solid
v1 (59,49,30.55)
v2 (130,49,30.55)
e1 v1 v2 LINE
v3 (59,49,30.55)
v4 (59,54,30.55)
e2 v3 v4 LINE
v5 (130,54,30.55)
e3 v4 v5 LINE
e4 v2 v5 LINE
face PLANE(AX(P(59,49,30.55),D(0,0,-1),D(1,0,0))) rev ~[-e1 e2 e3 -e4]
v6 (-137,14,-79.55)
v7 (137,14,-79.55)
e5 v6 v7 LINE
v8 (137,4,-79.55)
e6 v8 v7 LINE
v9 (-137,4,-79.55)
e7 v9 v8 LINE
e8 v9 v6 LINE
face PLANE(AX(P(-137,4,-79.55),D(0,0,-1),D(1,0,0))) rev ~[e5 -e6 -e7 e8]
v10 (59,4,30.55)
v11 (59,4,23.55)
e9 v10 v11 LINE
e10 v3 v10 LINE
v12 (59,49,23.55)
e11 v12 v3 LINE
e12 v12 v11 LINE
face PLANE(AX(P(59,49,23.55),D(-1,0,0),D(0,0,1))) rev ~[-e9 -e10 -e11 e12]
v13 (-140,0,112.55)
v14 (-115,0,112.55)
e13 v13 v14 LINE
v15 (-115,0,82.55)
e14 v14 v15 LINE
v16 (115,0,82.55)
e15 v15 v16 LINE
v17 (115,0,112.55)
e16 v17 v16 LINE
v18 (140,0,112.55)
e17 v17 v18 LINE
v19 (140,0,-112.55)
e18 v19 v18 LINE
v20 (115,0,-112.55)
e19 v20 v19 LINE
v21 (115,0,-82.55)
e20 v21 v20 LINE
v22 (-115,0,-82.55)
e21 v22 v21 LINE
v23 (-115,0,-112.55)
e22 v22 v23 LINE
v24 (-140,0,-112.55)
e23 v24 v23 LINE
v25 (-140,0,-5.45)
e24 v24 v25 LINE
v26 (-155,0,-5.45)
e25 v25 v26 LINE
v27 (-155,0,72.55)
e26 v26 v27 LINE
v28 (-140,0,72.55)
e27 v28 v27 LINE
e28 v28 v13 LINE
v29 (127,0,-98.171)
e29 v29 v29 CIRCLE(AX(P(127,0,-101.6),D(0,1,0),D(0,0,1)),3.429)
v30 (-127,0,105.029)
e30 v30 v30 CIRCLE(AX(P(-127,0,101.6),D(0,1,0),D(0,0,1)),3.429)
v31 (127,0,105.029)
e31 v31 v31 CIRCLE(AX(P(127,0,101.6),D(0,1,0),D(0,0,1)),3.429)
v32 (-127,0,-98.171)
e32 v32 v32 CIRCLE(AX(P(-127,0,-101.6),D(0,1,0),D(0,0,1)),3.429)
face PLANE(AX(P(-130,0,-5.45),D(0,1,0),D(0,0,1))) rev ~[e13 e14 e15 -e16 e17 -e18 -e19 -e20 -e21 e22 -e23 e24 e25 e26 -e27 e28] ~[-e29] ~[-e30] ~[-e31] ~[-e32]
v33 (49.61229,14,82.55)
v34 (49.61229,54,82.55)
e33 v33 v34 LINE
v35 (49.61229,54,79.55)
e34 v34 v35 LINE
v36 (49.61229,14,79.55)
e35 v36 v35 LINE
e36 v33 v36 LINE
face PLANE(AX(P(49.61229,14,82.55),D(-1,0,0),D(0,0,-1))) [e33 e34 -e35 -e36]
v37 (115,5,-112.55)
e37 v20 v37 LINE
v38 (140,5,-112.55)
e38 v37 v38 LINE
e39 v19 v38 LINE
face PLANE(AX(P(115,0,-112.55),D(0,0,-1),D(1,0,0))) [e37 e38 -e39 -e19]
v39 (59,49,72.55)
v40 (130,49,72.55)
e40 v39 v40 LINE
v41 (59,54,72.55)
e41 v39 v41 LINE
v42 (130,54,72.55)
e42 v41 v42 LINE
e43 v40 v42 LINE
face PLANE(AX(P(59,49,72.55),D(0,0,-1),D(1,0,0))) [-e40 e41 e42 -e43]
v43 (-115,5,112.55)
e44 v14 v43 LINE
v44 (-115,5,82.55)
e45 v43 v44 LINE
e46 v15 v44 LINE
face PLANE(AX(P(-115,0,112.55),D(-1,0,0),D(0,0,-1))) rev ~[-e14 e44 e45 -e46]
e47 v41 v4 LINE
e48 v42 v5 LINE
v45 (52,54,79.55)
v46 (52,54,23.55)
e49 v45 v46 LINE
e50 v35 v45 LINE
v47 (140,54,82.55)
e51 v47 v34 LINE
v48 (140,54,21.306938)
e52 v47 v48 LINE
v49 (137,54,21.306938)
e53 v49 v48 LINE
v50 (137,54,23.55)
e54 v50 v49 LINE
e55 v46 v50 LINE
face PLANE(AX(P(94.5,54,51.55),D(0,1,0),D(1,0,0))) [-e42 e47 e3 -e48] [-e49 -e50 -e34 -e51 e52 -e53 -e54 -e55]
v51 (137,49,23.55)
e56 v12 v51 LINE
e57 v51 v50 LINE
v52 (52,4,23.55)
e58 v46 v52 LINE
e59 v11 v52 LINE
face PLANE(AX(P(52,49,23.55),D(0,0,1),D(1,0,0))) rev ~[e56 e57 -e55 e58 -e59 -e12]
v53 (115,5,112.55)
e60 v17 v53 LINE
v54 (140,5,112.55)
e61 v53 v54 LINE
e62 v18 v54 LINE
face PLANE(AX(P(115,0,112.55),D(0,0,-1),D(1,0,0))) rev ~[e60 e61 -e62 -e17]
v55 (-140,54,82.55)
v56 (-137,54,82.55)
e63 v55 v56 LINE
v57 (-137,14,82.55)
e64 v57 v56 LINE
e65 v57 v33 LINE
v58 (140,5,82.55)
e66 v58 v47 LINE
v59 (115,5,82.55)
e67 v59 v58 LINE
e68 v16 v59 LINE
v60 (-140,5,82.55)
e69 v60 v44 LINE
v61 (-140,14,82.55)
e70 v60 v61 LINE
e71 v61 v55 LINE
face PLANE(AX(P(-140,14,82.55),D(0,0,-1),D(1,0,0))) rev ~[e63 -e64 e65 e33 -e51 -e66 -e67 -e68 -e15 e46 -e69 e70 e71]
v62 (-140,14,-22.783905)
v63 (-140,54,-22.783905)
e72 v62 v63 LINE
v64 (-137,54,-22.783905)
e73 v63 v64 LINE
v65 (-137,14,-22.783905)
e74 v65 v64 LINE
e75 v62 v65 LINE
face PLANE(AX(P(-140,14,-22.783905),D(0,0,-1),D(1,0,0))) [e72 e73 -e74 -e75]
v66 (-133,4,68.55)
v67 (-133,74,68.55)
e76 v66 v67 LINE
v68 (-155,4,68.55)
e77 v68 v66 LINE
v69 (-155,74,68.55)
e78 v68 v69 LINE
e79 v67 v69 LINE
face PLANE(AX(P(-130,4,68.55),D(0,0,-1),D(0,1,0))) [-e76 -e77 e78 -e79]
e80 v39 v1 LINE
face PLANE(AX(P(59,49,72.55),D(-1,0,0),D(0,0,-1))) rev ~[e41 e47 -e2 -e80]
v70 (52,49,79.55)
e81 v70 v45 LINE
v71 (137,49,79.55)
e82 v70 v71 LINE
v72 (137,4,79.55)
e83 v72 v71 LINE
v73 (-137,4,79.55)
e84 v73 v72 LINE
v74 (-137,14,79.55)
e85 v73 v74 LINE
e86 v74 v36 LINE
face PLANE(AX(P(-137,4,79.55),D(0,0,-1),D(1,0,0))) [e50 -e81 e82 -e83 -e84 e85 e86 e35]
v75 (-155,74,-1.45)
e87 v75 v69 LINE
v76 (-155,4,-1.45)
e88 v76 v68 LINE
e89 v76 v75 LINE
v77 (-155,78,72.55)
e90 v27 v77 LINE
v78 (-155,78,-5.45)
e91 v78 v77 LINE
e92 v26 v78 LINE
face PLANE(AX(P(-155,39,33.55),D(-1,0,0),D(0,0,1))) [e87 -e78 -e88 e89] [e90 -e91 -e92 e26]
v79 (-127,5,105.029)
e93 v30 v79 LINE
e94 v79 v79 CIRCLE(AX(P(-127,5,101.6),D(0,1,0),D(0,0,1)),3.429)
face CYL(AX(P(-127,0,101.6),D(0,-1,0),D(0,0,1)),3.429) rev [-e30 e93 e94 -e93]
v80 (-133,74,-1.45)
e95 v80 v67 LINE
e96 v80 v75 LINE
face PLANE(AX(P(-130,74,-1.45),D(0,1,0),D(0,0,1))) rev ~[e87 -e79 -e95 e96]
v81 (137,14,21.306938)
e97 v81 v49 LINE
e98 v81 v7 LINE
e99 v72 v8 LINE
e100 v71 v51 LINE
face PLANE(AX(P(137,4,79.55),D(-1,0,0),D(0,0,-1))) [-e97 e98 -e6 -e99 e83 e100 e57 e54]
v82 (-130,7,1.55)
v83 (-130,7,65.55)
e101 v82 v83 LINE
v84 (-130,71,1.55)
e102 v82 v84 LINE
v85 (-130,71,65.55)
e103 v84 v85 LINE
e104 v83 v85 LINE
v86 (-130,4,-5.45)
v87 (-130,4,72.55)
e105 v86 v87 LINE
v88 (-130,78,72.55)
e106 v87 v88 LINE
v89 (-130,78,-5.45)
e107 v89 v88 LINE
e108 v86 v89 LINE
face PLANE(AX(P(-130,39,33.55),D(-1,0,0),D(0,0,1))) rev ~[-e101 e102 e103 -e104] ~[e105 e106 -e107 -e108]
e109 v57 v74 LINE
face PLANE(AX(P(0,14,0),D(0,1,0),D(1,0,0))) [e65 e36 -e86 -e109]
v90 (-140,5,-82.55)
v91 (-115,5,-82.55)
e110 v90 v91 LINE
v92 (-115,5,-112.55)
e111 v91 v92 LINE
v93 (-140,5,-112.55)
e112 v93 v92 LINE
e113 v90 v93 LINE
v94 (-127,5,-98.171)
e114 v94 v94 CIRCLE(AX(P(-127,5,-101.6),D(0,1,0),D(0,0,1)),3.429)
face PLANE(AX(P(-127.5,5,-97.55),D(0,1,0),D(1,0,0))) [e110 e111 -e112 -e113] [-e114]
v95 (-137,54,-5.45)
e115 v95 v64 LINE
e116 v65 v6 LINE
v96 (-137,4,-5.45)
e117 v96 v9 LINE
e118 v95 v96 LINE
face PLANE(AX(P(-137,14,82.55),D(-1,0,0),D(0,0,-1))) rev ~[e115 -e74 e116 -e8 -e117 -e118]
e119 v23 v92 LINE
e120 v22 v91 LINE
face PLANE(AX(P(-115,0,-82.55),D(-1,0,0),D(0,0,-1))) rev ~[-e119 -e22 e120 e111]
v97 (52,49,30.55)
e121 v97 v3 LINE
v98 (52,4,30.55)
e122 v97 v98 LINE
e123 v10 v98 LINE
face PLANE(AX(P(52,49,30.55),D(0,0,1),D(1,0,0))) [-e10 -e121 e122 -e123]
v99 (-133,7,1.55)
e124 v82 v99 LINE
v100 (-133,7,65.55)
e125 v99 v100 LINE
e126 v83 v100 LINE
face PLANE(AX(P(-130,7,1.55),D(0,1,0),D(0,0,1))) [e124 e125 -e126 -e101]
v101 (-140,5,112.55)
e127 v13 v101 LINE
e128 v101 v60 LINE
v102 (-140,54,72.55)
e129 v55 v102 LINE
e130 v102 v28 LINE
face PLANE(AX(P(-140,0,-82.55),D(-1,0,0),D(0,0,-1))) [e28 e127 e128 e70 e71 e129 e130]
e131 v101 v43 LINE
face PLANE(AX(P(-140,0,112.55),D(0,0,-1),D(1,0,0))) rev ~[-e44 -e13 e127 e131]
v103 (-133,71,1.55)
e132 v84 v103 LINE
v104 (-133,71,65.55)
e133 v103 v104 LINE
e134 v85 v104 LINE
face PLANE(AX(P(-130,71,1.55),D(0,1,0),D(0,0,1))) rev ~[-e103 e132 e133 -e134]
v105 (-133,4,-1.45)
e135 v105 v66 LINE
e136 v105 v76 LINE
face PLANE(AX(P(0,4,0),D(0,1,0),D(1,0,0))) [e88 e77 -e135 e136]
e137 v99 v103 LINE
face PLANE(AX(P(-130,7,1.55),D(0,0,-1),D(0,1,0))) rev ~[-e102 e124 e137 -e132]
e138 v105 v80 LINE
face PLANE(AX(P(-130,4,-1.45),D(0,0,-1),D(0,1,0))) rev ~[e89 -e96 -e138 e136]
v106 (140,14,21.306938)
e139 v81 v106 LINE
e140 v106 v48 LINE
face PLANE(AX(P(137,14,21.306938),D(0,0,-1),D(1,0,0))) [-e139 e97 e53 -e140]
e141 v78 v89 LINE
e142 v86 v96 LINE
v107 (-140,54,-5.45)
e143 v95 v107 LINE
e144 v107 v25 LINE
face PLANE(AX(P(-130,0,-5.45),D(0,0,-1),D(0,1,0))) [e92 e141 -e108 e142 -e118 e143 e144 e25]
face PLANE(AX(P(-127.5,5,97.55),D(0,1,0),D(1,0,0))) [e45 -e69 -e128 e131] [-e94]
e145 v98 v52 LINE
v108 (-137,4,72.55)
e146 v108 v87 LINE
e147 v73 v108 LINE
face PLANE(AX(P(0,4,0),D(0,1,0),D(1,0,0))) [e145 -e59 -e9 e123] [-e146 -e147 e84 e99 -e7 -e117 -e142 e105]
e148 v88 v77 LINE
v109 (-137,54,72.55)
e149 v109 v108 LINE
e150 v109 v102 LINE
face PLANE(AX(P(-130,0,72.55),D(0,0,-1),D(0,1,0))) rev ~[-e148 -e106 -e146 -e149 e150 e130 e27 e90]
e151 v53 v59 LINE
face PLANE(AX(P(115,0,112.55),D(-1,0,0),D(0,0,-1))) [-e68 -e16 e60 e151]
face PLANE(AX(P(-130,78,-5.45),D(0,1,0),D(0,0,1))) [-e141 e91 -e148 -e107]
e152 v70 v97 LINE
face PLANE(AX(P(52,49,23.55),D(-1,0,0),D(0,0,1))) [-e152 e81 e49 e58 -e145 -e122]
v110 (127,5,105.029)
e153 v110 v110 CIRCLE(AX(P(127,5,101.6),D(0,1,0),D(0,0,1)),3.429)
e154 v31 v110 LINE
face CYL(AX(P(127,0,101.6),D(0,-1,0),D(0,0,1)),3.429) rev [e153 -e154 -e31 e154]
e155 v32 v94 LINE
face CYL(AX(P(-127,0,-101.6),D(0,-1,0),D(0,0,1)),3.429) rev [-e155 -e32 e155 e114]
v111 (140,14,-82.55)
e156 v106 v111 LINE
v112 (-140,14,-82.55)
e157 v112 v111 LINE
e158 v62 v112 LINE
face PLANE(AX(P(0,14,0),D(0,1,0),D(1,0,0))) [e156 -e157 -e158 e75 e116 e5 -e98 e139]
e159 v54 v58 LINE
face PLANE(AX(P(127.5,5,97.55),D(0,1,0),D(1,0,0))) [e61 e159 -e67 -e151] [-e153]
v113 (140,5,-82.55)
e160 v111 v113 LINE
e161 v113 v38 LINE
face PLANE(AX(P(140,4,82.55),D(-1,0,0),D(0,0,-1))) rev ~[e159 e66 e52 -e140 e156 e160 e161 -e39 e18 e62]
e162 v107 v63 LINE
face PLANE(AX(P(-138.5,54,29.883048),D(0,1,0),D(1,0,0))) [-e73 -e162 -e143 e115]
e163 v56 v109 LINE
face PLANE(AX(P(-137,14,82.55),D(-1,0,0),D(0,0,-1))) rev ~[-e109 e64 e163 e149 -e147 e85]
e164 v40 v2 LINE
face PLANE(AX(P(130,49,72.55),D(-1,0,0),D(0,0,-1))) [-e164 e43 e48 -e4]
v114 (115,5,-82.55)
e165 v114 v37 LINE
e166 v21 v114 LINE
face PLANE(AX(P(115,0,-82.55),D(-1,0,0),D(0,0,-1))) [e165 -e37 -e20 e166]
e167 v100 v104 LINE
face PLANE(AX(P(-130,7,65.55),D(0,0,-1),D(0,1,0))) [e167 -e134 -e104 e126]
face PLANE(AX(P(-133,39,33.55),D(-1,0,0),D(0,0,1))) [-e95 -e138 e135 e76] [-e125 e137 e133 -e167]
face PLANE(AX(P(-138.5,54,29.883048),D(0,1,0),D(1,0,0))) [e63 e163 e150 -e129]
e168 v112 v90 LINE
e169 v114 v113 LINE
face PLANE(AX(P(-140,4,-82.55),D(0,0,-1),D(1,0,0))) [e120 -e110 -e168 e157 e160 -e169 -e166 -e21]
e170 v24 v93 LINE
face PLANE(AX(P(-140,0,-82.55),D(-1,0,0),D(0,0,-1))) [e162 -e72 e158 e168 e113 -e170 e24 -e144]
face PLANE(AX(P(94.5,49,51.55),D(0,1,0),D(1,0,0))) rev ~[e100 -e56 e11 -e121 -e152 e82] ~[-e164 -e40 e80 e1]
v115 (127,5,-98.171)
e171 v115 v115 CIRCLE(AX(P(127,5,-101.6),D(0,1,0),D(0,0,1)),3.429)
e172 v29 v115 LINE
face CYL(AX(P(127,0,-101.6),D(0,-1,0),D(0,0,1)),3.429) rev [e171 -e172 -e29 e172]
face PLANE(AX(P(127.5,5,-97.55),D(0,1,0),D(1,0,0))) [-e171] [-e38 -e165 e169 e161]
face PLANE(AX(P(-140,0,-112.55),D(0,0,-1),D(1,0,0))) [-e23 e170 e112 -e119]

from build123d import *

# Parameters (mm, degrees)
SKETCH1_W             = 280
SKETCH1_H             = 165.1
FLOOR_2_DEPTH         = 4
SKETCH2_W             = 280
SKETCH2_H             = 165.1
SKETCH2_W_2           = 274
SKETCH2_H_2           = 159.1
WALL_DEPTH            = 10
RPI_START             = 45
SKETCH4_W             = 85
SKETCH4_H             = 56
SKETCH4_W_2           = 71
SKETCH4_H_2           = 42
RPI_STAND_DEPTH       = 5
SKETCH7_W             = 3
SKETCH7_H             = 105.333904831
TEMP_SUPPORT_DEPTH    = 40
SKETCH3_W             = 25
SKETCH3_H             = 30
SKETCH3_R             = 3.429
BRACKETS_DEPTH        = 5
FAN_HOLDER_DEPTH      = 15
FAN_HOLDER_DEPTH_BACK = 10
SKETCH5_W             = 78
SKETCH5_H             = 78
SKETCH5_W_2           = 70
SKETCH5_H_2           = 70
SKETCH8_W             = 70
SKETCH8_H             = 50
FAN_HOLE_DEPTH        = 3
SKETCH11_W            = 78
SKETCH11_H            = 78
SKETCH11_W_2          = 64
SKETCH11_H_2          = 64
BOSS_EXTRUDE9_DEPTH   = 3
BOSS_EXTRUDE10_REACH  = 199.721
SKETCH12_W            = 7
SKETCH12_H            = 7


with BuildPart() as part:
    # Sketch1 → Floor 2 (new body)
    with BuildSketch(Plane(origin=(0, 0, 0), x_dir=(1, 0, 0), z_dir=(0, 1, 0))):
        Rectangle(SKETCH1_W, SKETCH1_H)
    extrude(amount=FLOOR_2_DEPTH)

    # Sketch2 → Wall (add)
    with BuildSketch(Plane(origin=(0, 4, 0), x_dir=(1, 0, 0), z_dir=(0, 1, 0))):
        Rectangle(SKETCH2_W, SKETCH2_H)
        Rectangle(SKETCH2_W_2, SKETCH2_H_2, mode=Mode.SUBTRACT)
    extrude(amount=WALL_DEPTH)

    # Sketch7 → Temp support (add)
    with BuildSketch(Plane(origin=(0, 14, 0), x_dir=(1, 0, 0), z_dir=(0, 1, 0))):
        with Locations((-138.5, -29.883047585)):
            Rectangle(SKETCH7_W, SKETCH7_H)
        Polygon((140, -82.55), (49.61228981, -82.55), (49.61228981, -79.55), (137, -79.55), (137, -21.306937857), (140, -21.306937857), (140, -79.55), align=None)
    extrude(amount=TEMP_SUPPORT_DEPTH)

    # Sketch3 → Brackets (add)
    # profile 1 of 4: a face of its own
    with BuildSketch(Plane(origin=(0, 0, 0), x_dir=(1, 0, 0), z_dir=(0, 1, 0))):
        with Locations((-127.5, 97.55)):
            Rectangle(SKETCH3_W, SKETCH3_H)
        with Locations(Location((-127, 101.6, 0), (0, 0, 270))):
            Circle(SKETCH3_R, mode=Mode.SUBTRACT)
    # profile 2 of 4: a face of its own
    with BuildSketch(Plane(origin=(0, 0, 0), x_dir=(1, 0, 0), z_dir=(0, 1, 0))):
        with Locations((127.5, 97.55)):
            Rectangle(SKETCH3_W, SKETCH3_H)
        with Locations(Location((127, 101.6, 0), (0, 0, 270))):
            Circle(SKETCH3_R, mode=Mode.SUBTRACT)
    # profile 3 of 4: a face of its own
    with BuildSketch(Plane(origin=(0, 0, 0), x_dir=(1, 0, 0), z_dir=(0, 1, 0))):
        with Locations((-127.5, -97.55)):
            Rectangle(SKETCH3_W, SKETCH3_H)
        with Locations(Location((-127, -101.6, 0), (0, 0, 270))):
            Circle(SKETCH3_R, mode=Mode.SUBTRACT)
    # profile 4 of 4: a face of its own
    with BuildSketch(Plane(origin=(0, 0, 0), x_dir=(1, 0, 0), z_dir=(0, 1, 0))):
        with Locations((127.5, -97.55)):
            Rectangle(SKETCH3_W, SKETCH3_H)
        with Locations(Location((127, -101.6, 0), (0, 0, 270))):
            Circle(SKETCH3_R, mode=Mode.SUBTRACT)
    extrude(amount=BRACKETS_DEPTH)

    # Sketch5 → Fan Holder (add, two sides: drawn at the far end of the back side and taken through both)
    with BuildSketch(Plane.ZY.offset(140).offset(-FAN_HOLDER_DEPTH_BACK)):
        with Locations((33.55, 39)):
            Rectangle(SKETCH5_W, SKETCH5_H)
        with Locations((33.55, 39)):
            Rectangle(SKETCH5_W_2, SKETCH5_H_2, mode=Mode.SUBTRACT)
    extrude(amount=FAN_HOLDER_DEPTH + FAN_HOLDER_DEPTH_BACK)

    # Sketch8 → Fan hole (cut)
    with BuildSketch(Plane.ZY.offset(140)):
        with Locations((33.55, 29)):
            Rectangle(SKETCH8_W, SKETCH8_H)
    extrude(amount=-FAN_HOLE_DEPTH, mode=Mode.SUBTRACT)

    # Sketch11 → Boss-Extrude9 (add)
    with BuildSketch(Plane.ZY.offset(130)):
        with Locations((33.55, 39)):
            Rectangle(SKETCH11_W, SKETCH11_H)
        with Locations((33.55, 39)):
            Rectangle(SKETCH11_W_2, SKETCH11_H_2, mode=Mode.SUBTRACT)
    extrude(amount=BOSS_EXTRUDE9_DEPTH)

    # Sketch12 → Boss-Extrude10 (add, up to next)
    with BuildSketch(Plane.XZ.offset(-49), mode=Mode.PRIVATE) as boss_extrude10_sk1:
        with Locations((55.5, 27.05)):
            Rectangle(SKETCH12_W, SKETCH12_H)
    boss_extrude10_tool1 = extrude(boss_extrude10_sk1.sketch, amount=BOSS_EXTRUDE10_REACH, mode=Mode.PRIVATE) - part.part


with BuildPart() as body_2:
    # Sketch4 → Rpi stand (new body)
    with BuildSketch(Plane(origin=(0, 4, 0), x_dir=(1, 0, 0), z_dir=(0, 1, 0)).offset(RPI_START)):
        with Locations((94.5, -51.55)):
            Rectangle(SKETCH4_W, SKETCH4_H)
        with Locations((94.5, -51.55)):
            Rectangle(SKETCH4_W_2, SKETCH4_H_2, mode=Mode.SUBTRACT)
    extrude(amount=RPI_STAND_DEPTH)


with BuildPart() as part_1:
    add(part.part)

    add(body_2.part)  # Boss-Extrude10 merges body 2
    add(boss_extrude10_tool1.solids().sort_by_distance((55.5, 49, 27.05))[0])


solid = part_1.part
